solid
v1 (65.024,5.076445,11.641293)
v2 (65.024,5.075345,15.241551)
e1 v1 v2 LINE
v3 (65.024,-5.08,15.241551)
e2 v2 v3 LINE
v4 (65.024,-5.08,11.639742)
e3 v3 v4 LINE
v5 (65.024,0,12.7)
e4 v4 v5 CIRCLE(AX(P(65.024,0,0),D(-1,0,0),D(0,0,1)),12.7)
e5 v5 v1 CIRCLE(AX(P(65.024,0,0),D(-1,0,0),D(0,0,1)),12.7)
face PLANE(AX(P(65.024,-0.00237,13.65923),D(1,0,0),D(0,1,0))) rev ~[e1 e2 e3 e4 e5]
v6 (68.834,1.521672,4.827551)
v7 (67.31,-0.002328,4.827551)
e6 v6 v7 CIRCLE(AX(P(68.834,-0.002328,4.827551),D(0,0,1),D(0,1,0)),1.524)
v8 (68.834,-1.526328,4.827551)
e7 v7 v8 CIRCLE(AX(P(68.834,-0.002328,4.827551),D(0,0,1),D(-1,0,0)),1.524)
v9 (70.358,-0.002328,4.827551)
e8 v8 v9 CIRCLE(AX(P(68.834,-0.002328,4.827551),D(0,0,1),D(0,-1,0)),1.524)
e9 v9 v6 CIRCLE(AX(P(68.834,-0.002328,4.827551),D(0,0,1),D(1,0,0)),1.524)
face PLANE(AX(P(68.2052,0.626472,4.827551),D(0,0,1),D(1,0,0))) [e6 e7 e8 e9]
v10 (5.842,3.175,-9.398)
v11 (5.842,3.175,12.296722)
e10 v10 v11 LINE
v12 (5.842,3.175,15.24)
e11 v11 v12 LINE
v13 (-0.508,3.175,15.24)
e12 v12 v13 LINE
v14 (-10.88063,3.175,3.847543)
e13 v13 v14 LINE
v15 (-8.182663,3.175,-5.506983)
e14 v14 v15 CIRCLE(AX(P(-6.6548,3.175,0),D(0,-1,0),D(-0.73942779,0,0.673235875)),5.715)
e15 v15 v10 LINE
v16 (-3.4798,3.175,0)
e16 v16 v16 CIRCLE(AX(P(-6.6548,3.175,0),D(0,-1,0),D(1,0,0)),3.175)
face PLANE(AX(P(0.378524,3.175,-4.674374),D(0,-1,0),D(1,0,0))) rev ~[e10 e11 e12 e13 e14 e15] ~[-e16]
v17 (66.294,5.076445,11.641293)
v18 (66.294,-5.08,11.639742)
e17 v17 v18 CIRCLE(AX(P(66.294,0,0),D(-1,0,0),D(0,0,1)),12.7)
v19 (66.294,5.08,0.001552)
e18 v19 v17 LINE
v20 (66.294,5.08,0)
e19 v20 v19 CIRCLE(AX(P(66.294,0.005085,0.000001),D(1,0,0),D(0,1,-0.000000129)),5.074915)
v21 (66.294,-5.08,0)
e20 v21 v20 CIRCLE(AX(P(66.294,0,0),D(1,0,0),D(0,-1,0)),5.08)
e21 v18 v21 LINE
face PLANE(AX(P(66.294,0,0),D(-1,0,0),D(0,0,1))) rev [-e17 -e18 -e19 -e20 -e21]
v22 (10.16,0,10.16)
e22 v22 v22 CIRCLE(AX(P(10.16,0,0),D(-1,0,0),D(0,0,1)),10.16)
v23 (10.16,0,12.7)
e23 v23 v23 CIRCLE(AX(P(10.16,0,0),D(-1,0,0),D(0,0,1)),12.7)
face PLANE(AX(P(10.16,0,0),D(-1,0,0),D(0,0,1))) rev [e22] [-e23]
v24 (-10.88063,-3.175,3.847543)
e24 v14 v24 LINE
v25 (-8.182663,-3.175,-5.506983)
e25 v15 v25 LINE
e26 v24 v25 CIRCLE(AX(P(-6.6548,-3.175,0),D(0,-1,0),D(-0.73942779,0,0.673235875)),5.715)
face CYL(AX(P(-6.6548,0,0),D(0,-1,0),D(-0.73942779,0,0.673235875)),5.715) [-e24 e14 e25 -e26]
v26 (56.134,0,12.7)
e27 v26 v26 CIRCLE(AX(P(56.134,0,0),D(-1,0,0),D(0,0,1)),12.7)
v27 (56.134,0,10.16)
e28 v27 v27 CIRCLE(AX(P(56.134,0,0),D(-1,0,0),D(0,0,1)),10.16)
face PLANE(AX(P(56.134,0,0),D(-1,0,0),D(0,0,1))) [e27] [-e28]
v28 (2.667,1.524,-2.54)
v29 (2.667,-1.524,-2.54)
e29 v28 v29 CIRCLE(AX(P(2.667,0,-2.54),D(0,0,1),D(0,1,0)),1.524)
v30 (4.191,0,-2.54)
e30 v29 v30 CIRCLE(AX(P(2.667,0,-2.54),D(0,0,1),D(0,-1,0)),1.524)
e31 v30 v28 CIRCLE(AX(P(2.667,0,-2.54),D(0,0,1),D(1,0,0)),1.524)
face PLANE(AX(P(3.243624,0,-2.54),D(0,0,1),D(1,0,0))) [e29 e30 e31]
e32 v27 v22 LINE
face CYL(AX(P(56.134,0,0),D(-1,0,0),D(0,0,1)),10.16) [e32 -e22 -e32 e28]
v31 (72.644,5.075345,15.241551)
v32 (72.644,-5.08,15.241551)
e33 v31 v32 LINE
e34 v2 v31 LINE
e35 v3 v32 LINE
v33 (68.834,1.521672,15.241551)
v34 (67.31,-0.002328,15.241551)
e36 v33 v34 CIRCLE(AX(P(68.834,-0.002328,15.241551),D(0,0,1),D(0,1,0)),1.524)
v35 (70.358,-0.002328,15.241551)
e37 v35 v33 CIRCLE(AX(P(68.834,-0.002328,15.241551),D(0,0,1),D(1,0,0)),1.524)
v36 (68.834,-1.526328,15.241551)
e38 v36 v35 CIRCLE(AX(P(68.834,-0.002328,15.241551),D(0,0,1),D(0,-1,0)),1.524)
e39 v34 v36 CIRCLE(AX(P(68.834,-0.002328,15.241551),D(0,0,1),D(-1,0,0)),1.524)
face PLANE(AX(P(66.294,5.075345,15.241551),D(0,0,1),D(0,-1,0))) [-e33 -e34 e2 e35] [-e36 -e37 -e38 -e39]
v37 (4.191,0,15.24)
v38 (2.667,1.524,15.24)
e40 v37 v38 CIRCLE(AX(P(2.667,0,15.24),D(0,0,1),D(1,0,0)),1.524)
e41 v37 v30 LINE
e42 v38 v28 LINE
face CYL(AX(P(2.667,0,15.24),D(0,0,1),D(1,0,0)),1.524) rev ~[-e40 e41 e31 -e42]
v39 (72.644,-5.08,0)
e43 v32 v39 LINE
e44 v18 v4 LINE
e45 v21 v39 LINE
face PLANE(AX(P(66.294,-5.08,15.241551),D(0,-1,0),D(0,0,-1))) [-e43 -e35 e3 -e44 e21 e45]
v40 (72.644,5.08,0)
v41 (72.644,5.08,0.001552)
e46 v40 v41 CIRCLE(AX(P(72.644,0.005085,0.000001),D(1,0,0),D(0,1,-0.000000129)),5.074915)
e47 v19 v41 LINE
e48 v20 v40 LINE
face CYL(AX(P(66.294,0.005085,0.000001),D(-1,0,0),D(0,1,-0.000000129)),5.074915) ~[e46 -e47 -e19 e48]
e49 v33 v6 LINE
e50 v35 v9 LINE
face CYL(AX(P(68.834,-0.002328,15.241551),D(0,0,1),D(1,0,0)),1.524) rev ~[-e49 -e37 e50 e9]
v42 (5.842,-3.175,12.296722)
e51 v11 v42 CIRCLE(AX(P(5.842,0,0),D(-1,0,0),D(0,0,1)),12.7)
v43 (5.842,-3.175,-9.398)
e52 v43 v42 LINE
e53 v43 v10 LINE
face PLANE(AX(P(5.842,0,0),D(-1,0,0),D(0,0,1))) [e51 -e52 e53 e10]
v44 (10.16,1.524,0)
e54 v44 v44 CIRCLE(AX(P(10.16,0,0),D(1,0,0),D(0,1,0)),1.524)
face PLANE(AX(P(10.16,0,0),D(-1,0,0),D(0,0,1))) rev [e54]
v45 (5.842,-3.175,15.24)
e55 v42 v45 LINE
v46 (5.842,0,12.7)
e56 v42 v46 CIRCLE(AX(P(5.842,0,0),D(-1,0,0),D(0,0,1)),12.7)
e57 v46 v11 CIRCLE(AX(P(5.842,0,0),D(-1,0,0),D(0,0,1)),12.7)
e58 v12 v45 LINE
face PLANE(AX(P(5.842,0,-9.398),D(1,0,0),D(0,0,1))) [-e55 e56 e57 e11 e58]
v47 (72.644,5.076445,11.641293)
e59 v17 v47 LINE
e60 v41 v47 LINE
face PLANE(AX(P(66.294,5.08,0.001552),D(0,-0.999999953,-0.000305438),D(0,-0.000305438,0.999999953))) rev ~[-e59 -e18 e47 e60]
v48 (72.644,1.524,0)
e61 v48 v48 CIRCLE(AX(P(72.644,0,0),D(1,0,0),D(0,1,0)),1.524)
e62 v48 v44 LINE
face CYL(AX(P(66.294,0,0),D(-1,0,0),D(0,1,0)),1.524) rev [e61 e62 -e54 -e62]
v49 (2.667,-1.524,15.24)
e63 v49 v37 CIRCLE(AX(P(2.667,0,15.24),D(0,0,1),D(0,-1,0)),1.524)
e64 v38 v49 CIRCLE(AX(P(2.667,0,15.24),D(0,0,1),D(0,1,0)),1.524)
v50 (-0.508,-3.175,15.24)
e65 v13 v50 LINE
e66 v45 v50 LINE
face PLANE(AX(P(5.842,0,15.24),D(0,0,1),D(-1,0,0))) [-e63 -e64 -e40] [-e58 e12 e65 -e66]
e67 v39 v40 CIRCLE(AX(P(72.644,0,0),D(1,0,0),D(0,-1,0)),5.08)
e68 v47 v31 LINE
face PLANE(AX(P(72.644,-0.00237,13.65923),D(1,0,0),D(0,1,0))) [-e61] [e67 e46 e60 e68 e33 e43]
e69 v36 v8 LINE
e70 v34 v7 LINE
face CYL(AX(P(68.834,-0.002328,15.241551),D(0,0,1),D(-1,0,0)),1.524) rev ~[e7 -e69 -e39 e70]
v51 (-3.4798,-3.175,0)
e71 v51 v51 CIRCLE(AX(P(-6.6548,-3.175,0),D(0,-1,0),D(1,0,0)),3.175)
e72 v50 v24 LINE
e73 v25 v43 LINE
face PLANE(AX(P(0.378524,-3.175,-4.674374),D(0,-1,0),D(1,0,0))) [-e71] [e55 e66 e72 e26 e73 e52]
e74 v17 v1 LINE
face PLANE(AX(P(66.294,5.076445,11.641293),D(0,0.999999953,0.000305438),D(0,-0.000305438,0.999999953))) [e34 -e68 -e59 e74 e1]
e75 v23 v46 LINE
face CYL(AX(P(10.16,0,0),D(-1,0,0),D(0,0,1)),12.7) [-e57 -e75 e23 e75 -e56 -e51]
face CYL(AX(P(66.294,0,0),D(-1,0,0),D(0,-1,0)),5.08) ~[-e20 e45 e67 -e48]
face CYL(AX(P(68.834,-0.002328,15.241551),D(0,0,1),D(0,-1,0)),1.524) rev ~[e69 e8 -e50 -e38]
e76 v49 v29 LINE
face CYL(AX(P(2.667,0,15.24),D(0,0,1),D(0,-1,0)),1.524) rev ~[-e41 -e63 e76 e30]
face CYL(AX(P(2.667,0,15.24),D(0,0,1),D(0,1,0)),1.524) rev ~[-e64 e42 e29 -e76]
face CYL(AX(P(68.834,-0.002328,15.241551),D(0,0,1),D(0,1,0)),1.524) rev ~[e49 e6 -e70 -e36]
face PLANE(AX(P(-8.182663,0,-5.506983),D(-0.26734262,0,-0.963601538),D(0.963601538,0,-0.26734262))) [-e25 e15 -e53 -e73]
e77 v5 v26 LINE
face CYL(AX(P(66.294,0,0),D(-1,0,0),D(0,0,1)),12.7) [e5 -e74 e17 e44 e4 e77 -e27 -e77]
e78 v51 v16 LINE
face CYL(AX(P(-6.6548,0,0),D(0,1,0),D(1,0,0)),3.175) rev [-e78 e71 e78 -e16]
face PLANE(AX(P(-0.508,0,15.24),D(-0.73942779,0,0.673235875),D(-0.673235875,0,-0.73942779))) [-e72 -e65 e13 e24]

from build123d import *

# Parameters (mm, degrees)
F0_R          = 3.175
F0_W          = 5.842
F0_H          = 12.7
F2_DEPTH      = 3.175
F2_DEPTH_BACK = 3.175
F3_R          = 1.524
F4_DEPTH      = 6.35
F4_DEPTH_BACK = 1.27
F5_DEPTH      = 56.134
F8_DEPTH      = 17.78
F9_DEPTH      = 10.414


with BuildPart() as f1:
    # F0 (on Front) → F1 (revolve)
    with BuildSketch(Plane.XZ):
        Polygon((5.842, 12.7), (5.842, 0), (66.294, 0), (66.294, 12.7), (56.134, 12.7), (56.134, 10.16), (10.16, 10.16), (10.16, 12.7), align=None)
    revolve(axis=Axis((-3.3274, 0, 0), (-1, 0, 0)))

    # F0 (on Front) → F2 (join, two sides)
    with BuildSketch(Plane.XZ) as f2_sk:
        with BuildLine():
            Line((5.842, 0), (0, 0))
            Line((0, 0), (-0.9398, 0))
            ThreePointArc((-0.9398, 0), (-3.1957909266, -4.5493385486), (-8.1826630726, -5.5069827884))
            Line((-8.1826630726, -5.5069827884), (5.842, -9.398))
            Line((5.842, -9.398), (5.842, 0))
        make_face()
        with BuildLine():
            Line((-0.9398, 0), (0, 0))
            Line((0, 0), (0, 12.7))
            Line((0, 12.7), (5.842, 12.7))
            Line((5.842, 12.7), (5.842, 15.24))
            Line((5.842, 15.24), (-0.508, 15.24))
            Line((-0.508, 15.24), (-10.8806298187, 3.8475430269))
            ThreePointArc((-10.8806298187, 3.8475430269), (-4.5919612295, 5.3297205562), (-0.9398, 0))
        make_face()
        with BuildLine():
            ThreePointArc((-8.1826630726, -5.5069827884), (-3.1957909266, -4.5493385486), (-0.9398, 0))
            ThreePointArc((-0.9398, 0), (-4.5919612295, 5.3297205562), (-10.8806298187, 3.8475430269))
            ThreePointArc((-10.8806298187, 3.8475430269), (-12.1459778134, -1.5837270034), (-8.1826630726, -5.5069827884))
        make_face()
        with Locations((-6.6548, 0)):
            Circle(F0_R, mode=Mode.SUBTRACT)
        with Locations((2.921, 6.35)):
            Rectangle(F0_W, F0_H)
    extrude(amount=F2_DEPTH)
    extrude(f2_sk.sketch, amount=-F2_DEPTH_BACK)

    # F3 (on face) → F4 (join, two sides)
    with BuildSketch(Plane.YZ.offset(66.294)) as f4_sk:
        with BuildLine():
            ThreePointArc((-5.08, 11.6397422652), (-0.0019395312, 12.6999998519), (5.0764445437, 11.6412933472))
            Line((5.0764445437, 11.6412933472), (5.0753448882, 15.241550914))
            Line((5.0753448882, 15.241550914), (-0.0176815379, 15.241550914))
            Line((-0.0176815379, 15.241550914), (-5.08, 15.241550914))
            Line((-5.08, 15.241550914), (-5.08, 11.6397422652))
        make_face()
        with BuildLine():
            ThreePointArc((-5.08, 0), (-0.0007758125, 5.0799999408), (5.079999763, 0.0015516249))
            Line((5.079999763, 0.0015516249), (5.0764445437, 11.6412933472))
            ThreePointArc((5.0764445437, 11.6412933472), (-0.0019395312, 12.6999998519), (-5.08, 11.6397422652))
            Line((-5.08, 11.6397422652), (-5.08, 0))
        make_face()
        with BuildLine():
            ThreePointArc((-5.08, 0), (0, -5.08), (5.08, 0))
            ThreePointArc((5.08, 0), (5.0799999408, 0.0007758125), (5.079999763, 0.0015516249))
            ThreePointArc((5.079999763, 0.0015516249), (-0.0007758125, 5.0799999408), (-5.08, 0))
        make_face()
        Circle(F3_R, mode=Mode.SUBTRACT)
    extrude(amount=F4_DEPTH)
    extrude(f4_sk.sketch, amount=-F4_DEPTH_BACK)

    # F5 (cut, through all): a face of the model
    f5_faces = [f1.faces().sort_by_distance(p)[0] for p in [
        (66.294, 0, 0),
    ]]
    extrude(f5_faces, amount=-F5_DEPTH, mode=Mode.SUBTRACT)

    # F6 (on face) → F8 (cut)
    with BuildSketch(Plane.XY.offset(15.24)):
        with BuildLine():
            ThreePointArc((2.667, -1.524), (3.7446307345, -1.0776307345), (4.191, 0))
            ThreePointArc((4.191, 0), (3.7446307345, 1.0776307345), (2.667, 1.524))
            Line((2.667, 1.524), (2.667, 0))
            Line((2.667, 0), (2.667, -1.524))
        make_face()
        with BuildLine():
            Line((2.667, 0), (2.667, 1.524))
            ThreePointArc((2.667, 1.524), (1.143, 0), (2.667, -1.524))
            Line((2.667, -1.524), (2.667, 0))
        make_face()
    extrude(amount=-F8_DEPTH, mode=Mode.SUBTRACT)

    # F7 (on face) → F9 (cut)
    with BuildSketch(Plane.XY.offset(15.241550914)):
        with BuildLine():
            Line((68.834, -0.0023275559), (68.834, 1.5216724441))
            ThreePointArc((68.834, 1.5216724441), (67.7563692655, 1.0753031786), (67.31, -0.0023275559))
            Line((67.31, -0.0023275559), (68.834, -0.0023275559))
        make_face()
        with BuildLine():
            ThreePointArc((70.358, -0.0023275559), (69.9116307345, 1.0753031786), (68.834, 1.5216724441))
            Line((68.834, 1.5216724441), (68.834, -0.0023275559))
            Line((68.834, -0.0023275559), (70.358, -0.0023275559))
        make_face()
        with BuildLine():
            Line((68.834, -1.5263275559), (68.834, -0.0023275559))
            Line((68.834, -0.0023275559), (67.31, -0.0023275559))
            ThreePointArc((67.31, -0.0023275559), (67.7563692655, -1.0799582904), (68.834, -1.5263275559))
        make_face()
        with BuildLine():
            Line((70.358, -0.0023275559), (68.834, -0.0023275559))
            Line((68.834, -0.0023275559), (68.834, -1.5263275559))
            ThreePointArc((68.834, -1.5263275559), (69.9116307345, -1.0799582904), (70.358, -0.0023275559))
        make_face()
    extrude(amount=-F9_DEPTH, mode=Mode.SUBTRACT)


solid = f1.part
